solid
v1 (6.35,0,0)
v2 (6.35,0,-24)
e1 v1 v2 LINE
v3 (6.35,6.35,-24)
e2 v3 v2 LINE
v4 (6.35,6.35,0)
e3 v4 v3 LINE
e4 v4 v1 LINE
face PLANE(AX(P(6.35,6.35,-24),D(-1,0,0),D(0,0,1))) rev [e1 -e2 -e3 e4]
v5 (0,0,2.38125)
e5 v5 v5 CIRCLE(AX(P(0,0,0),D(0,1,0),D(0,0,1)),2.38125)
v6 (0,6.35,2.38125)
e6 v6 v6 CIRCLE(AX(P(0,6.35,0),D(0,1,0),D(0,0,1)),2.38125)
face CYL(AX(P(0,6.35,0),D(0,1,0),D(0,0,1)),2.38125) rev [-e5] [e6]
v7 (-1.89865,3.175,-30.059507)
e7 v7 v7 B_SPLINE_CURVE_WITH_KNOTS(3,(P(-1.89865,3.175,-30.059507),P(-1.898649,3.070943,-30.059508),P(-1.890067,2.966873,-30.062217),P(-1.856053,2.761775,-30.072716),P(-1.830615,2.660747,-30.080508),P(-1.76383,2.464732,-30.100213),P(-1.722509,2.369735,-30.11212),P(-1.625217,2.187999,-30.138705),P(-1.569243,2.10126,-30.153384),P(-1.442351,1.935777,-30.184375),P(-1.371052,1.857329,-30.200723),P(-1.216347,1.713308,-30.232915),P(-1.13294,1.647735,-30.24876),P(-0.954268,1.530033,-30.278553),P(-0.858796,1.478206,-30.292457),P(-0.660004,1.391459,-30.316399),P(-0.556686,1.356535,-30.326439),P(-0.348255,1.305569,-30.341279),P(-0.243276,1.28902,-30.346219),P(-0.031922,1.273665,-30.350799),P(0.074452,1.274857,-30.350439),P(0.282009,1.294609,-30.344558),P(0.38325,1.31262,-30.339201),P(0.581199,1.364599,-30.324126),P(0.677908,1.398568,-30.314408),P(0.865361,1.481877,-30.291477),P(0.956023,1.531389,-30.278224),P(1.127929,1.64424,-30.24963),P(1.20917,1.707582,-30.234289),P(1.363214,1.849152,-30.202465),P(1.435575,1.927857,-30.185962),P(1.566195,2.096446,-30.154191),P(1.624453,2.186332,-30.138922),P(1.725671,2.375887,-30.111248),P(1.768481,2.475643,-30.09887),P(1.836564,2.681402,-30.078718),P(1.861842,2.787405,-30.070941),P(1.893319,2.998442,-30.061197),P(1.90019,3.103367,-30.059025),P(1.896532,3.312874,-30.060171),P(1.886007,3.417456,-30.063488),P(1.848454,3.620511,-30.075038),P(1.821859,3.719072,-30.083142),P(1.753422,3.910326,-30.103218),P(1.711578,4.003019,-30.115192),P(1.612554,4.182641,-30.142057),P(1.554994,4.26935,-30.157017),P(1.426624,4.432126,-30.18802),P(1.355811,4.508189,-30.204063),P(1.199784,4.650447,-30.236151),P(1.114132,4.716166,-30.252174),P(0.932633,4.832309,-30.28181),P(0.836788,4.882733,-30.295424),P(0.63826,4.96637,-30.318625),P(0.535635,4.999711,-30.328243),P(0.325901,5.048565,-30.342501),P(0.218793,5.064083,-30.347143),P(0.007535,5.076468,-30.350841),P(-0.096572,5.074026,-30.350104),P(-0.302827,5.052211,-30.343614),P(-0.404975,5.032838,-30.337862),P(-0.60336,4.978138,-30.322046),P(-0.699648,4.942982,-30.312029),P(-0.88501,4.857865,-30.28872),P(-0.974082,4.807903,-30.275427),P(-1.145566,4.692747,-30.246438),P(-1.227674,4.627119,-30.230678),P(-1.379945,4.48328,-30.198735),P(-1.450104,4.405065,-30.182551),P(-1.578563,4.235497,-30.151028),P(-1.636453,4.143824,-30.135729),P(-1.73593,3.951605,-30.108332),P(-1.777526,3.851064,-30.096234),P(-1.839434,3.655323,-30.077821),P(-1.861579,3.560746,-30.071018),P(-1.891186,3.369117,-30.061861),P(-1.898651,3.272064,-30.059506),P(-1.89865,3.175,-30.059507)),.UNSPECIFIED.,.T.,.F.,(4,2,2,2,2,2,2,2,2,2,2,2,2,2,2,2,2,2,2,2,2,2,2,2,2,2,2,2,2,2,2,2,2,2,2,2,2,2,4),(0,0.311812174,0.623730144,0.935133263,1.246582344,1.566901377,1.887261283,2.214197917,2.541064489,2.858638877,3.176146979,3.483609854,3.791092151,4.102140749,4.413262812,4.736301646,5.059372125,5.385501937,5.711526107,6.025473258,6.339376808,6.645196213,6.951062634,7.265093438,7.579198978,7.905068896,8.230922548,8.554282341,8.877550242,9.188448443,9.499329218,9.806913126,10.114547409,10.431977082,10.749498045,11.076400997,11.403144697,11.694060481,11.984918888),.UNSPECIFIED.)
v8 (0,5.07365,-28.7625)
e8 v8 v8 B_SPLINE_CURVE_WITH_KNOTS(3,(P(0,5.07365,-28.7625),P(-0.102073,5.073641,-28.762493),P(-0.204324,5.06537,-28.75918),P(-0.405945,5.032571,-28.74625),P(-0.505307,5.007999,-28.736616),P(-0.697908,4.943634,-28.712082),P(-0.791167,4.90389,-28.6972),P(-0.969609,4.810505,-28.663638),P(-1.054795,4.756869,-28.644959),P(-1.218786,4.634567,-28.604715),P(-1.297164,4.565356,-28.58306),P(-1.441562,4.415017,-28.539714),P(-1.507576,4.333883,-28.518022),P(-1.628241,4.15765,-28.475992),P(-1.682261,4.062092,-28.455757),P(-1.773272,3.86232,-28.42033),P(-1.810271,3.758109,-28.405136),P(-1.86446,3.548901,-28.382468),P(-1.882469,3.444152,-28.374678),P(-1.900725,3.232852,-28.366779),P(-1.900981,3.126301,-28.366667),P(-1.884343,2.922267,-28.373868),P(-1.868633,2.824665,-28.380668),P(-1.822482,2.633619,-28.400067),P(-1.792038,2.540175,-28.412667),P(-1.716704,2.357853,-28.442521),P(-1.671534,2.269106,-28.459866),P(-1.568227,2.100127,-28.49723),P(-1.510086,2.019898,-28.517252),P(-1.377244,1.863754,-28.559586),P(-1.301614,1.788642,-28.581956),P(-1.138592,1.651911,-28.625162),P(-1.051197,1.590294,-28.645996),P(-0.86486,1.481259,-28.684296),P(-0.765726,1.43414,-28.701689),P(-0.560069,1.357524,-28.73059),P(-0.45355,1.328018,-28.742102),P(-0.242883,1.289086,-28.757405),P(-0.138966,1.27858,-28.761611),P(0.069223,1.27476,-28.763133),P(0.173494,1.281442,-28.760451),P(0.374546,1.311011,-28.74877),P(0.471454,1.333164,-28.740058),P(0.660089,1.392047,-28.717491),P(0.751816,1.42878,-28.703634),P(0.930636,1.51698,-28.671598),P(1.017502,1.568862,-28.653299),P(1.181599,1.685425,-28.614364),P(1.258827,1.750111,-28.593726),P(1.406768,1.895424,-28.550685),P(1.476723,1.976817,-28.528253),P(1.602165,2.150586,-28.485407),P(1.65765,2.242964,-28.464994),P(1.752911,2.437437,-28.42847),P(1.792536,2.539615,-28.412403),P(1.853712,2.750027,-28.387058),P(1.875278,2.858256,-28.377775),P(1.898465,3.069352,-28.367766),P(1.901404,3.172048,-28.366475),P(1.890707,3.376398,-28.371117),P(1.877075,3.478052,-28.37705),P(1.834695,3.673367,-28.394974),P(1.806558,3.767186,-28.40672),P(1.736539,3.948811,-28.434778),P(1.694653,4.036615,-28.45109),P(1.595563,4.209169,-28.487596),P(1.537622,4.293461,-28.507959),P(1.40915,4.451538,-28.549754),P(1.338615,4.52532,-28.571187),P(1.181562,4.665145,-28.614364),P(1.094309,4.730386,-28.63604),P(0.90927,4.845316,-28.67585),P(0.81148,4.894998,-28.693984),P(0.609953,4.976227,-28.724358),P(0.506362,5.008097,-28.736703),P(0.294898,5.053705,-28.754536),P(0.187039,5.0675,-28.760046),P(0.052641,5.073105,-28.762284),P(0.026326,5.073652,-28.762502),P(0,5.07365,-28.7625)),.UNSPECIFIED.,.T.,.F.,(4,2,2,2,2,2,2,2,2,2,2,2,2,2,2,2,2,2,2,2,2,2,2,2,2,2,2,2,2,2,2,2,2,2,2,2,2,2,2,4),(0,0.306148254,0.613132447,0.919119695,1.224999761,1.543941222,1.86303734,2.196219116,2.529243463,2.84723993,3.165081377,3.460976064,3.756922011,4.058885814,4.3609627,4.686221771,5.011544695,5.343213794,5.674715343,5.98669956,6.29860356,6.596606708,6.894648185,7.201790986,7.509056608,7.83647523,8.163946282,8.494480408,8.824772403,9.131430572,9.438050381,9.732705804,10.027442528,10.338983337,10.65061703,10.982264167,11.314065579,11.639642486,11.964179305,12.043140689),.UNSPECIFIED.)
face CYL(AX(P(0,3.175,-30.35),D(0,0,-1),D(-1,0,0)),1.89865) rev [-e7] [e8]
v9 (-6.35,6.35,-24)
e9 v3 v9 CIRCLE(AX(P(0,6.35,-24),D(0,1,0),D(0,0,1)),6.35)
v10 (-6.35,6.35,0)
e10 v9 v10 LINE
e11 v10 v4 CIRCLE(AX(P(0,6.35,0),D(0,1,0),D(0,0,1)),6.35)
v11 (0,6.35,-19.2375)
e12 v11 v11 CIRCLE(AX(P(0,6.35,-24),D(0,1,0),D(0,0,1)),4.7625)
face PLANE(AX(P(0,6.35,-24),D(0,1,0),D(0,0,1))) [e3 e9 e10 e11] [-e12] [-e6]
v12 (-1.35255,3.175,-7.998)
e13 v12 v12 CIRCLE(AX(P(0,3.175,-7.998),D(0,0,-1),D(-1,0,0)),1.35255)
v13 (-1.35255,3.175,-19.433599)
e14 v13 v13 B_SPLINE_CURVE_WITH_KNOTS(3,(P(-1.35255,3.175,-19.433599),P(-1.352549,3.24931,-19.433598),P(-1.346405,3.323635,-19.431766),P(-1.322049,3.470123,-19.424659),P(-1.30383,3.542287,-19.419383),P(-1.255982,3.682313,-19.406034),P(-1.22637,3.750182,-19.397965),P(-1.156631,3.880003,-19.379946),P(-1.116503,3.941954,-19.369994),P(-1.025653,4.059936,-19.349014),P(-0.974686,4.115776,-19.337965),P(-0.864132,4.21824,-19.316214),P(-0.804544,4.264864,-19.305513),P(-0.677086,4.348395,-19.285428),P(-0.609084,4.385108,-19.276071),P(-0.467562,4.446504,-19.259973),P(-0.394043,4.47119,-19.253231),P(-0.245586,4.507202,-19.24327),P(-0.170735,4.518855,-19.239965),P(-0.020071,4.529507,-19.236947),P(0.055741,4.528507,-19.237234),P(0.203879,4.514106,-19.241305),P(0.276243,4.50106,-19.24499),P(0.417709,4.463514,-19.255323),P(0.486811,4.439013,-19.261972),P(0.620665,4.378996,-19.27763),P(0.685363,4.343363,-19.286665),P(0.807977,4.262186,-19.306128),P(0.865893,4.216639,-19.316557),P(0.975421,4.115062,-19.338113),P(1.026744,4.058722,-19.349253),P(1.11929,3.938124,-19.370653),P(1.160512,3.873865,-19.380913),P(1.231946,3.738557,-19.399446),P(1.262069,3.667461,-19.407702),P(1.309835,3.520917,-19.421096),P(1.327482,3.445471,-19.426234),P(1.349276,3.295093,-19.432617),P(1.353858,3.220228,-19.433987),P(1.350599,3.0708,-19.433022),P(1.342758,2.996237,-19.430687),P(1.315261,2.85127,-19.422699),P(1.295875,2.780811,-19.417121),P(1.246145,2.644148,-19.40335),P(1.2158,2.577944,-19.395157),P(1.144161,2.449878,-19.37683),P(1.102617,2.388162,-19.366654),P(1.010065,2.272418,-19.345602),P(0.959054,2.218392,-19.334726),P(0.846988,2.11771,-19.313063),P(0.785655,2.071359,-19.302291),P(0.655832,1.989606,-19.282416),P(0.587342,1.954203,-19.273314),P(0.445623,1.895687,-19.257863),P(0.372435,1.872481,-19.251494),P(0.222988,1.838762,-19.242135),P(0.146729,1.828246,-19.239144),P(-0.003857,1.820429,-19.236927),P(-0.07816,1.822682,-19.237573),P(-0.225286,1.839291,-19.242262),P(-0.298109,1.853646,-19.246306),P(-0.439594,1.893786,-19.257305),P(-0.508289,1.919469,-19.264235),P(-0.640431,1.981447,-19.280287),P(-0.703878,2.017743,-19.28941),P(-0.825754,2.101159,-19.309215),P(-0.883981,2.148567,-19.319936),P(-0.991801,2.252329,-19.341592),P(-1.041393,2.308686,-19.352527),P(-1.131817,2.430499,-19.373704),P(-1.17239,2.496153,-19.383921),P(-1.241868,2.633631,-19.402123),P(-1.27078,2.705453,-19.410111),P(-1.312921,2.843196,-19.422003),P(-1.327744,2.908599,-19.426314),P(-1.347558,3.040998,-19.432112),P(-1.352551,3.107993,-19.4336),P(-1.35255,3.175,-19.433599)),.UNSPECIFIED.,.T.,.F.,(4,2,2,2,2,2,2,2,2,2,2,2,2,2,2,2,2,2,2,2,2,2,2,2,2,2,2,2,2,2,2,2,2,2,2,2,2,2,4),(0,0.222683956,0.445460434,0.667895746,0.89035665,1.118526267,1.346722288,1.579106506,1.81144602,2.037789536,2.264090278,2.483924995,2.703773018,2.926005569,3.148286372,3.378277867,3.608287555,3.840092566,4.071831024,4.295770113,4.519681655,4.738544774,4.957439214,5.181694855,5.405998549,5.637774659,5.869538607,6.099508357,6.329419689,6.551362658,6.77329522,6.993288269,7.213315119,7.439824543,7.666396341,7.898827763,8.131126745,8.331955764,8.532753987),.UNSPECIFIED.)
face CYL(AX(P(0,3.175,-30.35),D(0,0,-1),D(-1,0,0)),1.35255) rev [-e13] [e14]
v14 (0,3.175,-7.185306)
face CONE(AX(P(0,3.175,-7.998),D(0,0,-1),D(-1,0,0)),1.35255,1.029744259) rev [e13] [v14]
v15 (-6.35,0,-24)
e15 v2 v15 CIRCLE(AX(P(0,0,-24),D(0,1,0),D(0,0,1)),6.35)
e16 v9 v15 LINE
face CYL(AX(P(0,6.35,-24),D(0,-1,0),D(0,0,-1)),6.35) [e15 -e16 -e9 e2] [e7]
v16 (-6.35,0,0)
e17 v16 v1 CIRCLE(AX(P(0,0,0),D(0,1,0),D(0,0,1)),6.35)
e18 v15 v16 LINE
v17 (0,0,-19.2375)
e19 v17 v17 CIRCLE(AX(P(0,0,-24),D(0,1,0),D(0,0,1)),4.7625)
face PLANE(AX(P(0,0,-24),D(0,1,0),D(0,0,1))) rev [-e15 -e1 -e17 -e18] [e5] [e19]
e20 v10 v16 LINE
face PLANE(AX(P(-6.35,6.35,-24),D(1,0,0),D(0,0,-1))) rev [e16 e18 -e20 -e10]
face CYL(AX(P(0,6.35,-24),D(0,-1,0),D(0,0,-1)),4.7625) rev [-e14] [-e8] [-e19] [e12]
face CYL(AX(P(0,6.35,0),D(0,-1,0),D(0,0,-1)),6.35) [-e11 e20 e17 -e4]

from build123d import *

# Parameters (mm, degrees)
SKETCH1_R                      = 4.7625
BOSS_EXTRUDE1_DEPTH            = 6.35
F_3_16_0_1875_DIAMETER_HOLE1_D = 4.7625
F_6_32_TAPPED_HOLE1_D          = 2.7051
F_6_32_TAPPED_HOLE1_DEPTH      = 22.352
F_6_32_TAPPED_HOLE1_TIP        = 0.81269403
F_6_CLEARANCE_HOLE1_D          = 3.7973
F_6_CLEARANCE_HOLE1_DEPTH      = 6.35
F_6_CLEARANCE_HOLE1_TIP        = 1.140824014


with BuildPart() as part:
    # Sketch1 → Boss-Extrude1 (new body)
    with BuildSketch(Plane(origin=(0, 0, 0), x_dir=(1, 0, 0), z_dir=(0, 1, 0))):
        with BuildLine():
            Line((6.35, 24), (6.35, 0))
            ThreePointArc((6.35, 0), (0, -6.35), (-6.35, 0))
            Line((-6.35, 0), (-6.35, 24))
            ThreePointArc((-6.35, 24), (0, 30.35), (6.35, 24))
        make_face()
        with Locations((0, 24)):
            Circle(SKETCH1_R, mode=Mode.SUBTRACT)
    extrude(amount=BOSS_EXTRUDE1_DEPTH)

    # 3/16 (0.1875) Diameter Hole1 (through all)
    with Locations(Plane(origin=(0, 6.35, 0), x_dir=(1, 0, 0), z_dir=(0, 1, 0))):
        with Locations((0, 0)):
            Hole(F_3_16_0_1875_DIAMETER_HOLE1_D / 2)

    # #6-32 Tapped Hole1
    with Locations(Plane(origin=(0, 0, -30.35), x_dir=(-1, 0, 0), z_dir=(0, 0, -1))):
        with Locations((0, 3.175)):
            Hole(F_6_32_TAPPED_HOLE1_D / 2, depth=F_6_32_TAPPED_HOLE1_DEPTH)
            with Locations((0, 0, -(F_6_32_TAPPED_HOLE1_DEPTH + F_6_32_TAPPED_HOLE1_TIP / 2))):  # 118° drill point
                Cone(0, F_6_32_TAPPED_HOLE1_D / 2, F_6_32_TAPPED_HOLE1_TIP, mode=Mode.SUBTRACT)

    # #6 Clearance Hole1
    with Locations(Plane(origin=(0, 0, -30.35), x_dir=(-1, 0, 0), z_dir=(0, 0, -1))):
        with Locations((0, 3.175)):
            Hole(F_6_CLEARANCE_HOLE1_D / 2, depth=F_6_CLEARANCE_HOLE1_DEPTH)
            with Locations((0, 0, -(F_6_CLEARANCE_HOLE1_DEPTH + F_6_CLEARANCE_HOLE1_TIP / 2))):  # 118° drill point
                Cone(0, F_6_CLEARANCE_HOLE1_D / 2, F_6_CLEARANCE_HOLE1_TIP, mode=Mode.SUBTRACT)


solid = part.part
